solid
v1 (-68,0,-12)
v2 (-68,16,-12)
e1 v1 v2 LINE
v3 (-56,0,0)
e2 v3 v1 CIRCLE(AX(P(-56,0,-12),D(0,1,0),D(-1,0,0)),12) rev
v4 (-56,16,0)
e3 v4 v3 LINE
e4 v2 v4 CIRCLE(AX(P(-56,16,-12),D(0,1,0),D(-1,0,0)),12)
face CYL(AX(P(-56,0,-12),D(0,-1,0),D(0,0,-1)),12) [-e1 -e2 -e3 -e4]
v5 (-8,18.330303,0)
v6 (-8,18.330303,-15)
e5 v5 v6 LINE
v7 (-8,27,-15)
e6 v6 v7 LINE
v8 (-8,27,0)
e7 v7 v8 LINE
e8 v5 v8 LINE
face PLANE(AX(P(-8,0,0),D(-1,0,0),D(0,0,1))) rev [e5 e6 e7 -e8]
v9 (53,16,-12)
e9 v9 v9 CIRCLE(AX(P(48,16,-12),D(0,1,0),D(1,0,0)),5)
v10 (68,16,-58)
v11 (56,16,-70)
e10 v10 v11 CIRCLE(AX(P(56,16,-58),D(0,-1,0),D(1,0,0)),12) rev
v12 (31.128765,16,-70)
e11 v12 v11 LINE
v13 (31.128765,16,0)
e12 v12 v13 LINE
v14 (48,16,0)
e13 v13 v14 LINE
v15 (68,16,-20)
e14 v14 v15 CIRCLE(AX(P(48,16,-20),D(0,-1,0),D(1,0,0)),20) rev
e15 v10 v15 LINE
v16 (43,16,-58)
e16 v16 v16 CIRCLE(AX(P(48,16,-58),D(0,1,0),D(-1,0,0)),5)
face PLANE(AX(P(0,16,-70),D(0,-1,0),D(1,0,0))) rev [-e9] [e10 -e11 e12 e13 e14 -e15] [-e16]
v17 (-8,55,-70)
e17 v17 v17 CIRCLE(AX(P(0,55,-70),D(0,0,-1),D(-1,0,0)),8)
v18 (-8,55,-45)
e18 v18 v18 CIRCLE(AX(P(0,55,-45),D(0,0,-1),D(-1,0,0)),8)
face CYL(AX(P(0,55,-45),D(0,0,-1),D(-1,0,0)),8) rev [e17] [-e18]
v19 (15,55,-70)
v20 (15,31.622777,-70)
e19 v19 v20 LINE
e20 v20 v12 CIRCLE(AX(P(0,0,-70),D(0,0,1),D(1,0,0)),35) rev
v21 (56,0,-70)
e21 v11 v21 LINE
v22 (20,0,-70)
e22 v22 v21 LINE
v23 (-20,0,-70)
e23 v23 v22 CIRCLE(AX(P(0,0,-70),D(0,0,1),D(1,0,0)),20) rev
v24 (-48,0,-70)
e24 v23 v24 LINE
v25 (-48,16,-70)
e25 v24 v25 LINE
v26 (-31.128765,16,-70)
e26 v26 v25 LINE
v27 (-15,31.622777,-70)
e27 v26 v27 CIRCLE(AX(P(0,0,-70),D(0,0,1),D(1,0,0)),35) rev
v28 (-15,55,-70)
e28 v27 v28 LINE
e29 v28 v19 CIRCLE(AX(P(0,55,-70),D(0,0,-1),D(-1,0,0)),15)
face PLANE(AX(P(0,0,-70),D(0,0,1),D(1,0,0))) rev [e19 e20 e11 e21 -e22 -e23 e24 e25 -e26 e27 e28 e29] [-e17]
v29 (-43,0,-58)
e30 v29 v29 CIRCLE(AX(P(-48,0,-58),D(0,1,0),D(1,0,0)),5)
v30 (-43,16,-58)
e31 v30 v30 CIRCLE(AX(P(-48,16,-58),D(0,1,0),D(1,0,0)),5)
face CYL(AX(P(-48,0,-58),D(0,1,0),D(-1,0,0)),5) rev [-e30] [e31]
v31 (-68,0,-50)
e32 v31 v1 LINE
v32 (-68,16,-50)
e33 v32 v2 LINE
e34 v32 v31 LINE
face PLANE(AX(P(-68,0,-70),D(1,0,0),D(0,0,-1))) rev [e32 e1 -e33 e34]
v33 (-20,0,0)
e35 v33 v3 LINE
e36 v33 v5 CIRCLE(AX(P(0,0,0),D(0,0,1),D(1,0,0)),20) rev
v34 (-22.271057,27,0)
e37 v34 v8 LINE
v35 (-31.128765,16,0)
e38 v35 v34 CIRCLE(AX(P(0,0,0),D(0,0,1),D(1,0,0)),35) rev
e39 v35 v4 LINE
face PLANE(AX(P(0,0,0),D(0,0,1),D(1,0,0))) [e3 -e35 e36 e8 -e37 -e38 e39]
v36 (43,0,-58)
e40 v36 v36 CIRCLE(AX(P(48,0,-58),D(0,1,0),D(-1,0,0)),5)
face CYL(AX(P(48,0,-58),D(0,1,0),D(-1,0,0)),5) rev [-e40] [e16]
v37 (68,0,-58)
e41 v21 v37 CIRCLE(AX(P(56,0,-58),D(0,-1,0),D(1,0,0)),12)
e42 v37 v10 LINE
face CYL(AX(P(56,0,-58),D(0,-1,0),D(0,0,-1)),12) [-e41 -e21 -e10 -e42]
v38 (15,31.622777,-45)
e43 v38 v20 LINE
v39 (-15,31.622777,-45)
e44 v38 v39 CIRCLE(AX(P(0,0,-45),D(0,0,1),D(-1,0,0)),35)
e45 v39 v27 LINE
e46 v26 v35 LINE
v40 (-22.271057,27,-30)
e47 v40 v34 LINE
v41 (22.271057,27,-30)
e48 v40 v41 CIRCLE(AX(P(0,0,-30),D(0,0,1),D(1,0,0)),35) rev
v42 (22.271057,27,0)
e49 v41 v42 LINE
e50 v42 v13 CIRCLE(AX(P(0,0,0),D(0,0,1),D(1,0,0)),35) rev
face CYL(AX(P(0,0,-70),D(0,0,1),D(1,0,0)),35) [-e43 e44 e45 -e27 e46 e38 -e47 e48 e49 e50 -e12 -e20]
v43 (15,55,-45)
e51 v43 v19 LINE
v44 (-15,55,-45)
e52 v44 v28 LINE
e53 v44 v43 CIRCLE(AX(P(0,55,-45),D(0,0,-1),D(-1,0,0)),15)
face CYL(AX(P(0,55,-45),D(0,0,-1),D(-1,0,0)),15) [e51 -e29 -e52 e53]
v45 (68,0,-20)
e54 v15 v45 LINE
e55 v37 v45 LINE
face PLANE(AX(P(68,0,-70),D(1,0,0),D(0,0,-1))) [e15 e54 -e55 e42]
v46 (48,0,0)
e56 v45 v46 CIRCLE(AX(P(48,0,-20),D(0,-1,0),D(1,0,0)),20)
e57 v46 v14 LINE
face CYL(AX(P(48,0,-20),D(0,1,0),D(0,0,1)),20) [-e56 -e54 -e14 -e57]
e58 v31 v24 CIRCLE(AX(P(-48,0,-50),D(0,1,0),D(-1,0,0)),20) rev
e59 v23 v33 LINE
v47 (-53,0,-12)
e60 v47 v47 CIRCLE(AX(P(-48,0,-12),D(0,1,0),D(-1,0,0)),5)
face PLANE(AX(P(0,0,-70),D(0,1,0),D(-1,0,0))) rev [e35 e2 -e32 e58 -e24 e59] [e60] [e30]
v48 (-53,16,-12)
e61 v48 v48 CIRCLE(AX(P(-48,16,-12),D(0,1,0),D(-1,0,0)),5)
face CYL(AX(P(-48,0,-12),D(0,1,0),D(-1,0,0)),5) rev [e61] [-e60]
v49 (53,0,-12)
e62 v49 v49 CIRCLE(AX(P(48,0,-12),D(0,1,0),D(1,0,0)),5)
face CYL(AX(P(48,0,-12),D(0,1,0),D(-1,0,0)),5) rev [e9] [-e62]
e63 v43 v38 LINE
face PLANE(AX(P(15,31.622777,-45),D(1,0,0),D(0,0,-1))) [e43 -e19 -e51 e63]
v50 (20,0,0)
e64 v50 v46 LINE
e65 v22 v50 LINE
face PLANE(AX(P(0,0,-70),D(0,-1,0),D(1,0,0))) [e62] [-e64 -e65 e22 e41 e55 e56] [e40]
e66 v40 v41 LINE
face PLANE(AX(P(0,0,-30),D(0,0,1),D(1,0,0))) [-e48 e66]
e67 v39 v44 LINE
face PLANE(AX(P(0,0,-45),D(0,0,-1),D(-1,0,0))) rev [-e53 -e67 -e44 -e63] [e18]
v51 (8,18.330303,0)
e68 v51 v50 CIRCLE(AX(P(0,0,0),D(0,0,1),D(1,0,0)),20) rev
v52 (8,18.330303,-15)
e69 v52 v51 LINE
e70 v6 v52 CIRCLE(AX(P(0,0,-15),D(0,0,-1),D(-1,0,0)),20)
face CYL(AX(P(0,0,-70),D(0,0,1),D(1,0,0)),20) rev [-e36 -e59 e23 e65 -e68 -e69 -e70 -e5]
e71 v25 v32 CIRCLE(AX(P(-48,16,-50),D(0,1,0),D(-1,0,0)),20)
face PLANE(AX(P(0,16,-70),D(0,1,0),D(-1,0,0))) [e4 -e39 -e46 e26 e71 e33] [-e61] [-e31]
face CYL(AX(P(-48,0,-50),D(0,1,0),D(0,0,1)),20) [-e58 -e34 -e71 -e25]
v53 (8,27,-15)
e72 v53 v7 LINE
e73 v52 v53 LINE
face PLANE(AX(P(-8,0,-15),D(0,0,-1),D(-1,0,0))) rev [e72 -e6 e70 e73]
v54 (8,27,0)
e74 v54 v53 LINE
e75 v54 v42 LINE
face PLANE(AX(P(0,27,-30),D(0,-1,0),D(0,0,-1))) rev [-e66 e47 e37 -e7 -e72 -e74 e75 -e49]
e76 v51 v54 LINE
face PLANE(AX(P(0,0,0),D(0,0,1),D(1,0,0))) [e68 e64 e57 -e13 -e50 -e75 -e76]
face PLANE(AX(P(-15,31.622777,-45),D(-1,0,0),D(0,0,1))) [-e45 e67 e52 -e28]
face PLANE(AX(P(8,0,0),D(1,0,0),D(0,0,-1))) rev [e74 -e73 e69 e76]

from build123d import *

# Parameters (mm, degrees)
EXTRUDE_1_DEPTH     = 70
CUT_EXTRUDE_2_DEPTH = 30
SKETCH_5_W          = 16
SKETCH_5_H          = 15
CUT_EXTRUDE_3_DEPTH = 102.257098517
EXTRUDE_START       = -25
SKETCH_6_R          = 8
EXTRUDE_2_DEPTH     = 25
SKETCH_7_R          = 5
CUT_EXTRUDE_4_DEPTH = 112.534747949
FILLET_1_R          = 20
FILLET_2_R          = 12


with BuildPart() as part:
    # 草图1 → 凸台-拉伸1 (new body)
    with BuildSketch(Plane.XY):
        with BuildLine():
            ThreePointArc((-20, 0), (0, 20), (20, 0))
            Line((20, 0), (68, 0))
            Line((68, 0), (68, 16))
            Line((68, 16), (31.128764833, 16))
            ThreePointArc((31.128764833, 16), (0, 35), (-31.128764833, 16))
            Line((-31.128764833, 16), (-68, 16))
            Line((-68, 16), (-68, 0))
            Line((-68, 0), (-20, 0))
        make_face()
    extrude(amount=-EXTRUDE_1_DEPTH)

    # 草图1<13> → 切除-拉伸2 (cut)
    with BuildSketch(Plane.XY):
        with BuildLine():
            Line((-22.271057451, 27), (22.271057451, 27))
            ThreePointArc((22.271057451, 27), (0, 35), (-22.271057451, 27))
        make_face()
    extrude(amount=-CUT_EXTRUDE_2_DEPTH, mode=Mode.SUBTRACT)

    # 草图5 → 切除-拉伸3 (cut, through all)
    with BuildSketch(Plane(origin=(0, 27, 0), x_dir=(1, 0, 0), z_dir=(0, 1, 0))):
        with Locations((0, 7.5)):
            Rectangle(SKETCH_5_W, SKETCH_5_H)
    extrude(amount=-CUT_EXTRUDE_3_DEPTH, mode=Mode.SUBTRACT)

    # 草图6 → 凸台-拉伸2 (add)
    with BuildSketch(Plane(origin=(0, 0, -70), x_dir=(-1, 0, 0), z_dir=(0, 0, -1)).offset(EXTRUDE_START)):
        with BuildLine():
            Line((-15, 31.622776602), (-15, 55))
            ThreePointArc((-15, 55), (0, 70), (15, 55))
            Line((15, 55), (15, 31.622776602))
            ThreePointArc((15, 31.622776602), (0, 35), (-15, 31.622776602))
        make_face()
        with Locations((0, 55)):
            Circle(SKETCH_6_R, mode=Mode.SUBTRACT)
    extrude(amount=EXTRUDE_2_DEPTH)

    # 草图7 → 切除-拉伸4 (cut, through all)
    with BuildSketch(Plane(origin=(0, 16, 0), x_dir=(1, 0, 0), z_dir=(0, 1, 0))):
        with Locations((-48, 12)):
            Circle(SKETCH_7_R)
        with Locations((-48, 58)):
            Circle(SKETCH_7_R)
        with Locations((48, 58)):
            Circle(SKETCH_7_R)
        with Locations((48, 12)):
            Circle(SKETCH_7_R)
    extrude(amount=-CUT_EXTRUDE_4_DEPTH, mode=Mode.SUBTRACT)

    # 圆角1
    fillet_1_edges = [part.edges().sort_by_distance(p)[0] for p in [
        (-68, 8, -70),
        (68, 8, 0),
    ]]
    fillet(fillet_1_edges, radius=FILLET_1_R)

    # 圆角2
    fillet_2_edges = [part.edges().sort_by_distance(p)[0] for p in [
        (68, 8, -70),
        (-68, 8, 0),
    ]]
    fillet(fillet_2_edges, radius=FILLET_2_R)


solid = part.part
